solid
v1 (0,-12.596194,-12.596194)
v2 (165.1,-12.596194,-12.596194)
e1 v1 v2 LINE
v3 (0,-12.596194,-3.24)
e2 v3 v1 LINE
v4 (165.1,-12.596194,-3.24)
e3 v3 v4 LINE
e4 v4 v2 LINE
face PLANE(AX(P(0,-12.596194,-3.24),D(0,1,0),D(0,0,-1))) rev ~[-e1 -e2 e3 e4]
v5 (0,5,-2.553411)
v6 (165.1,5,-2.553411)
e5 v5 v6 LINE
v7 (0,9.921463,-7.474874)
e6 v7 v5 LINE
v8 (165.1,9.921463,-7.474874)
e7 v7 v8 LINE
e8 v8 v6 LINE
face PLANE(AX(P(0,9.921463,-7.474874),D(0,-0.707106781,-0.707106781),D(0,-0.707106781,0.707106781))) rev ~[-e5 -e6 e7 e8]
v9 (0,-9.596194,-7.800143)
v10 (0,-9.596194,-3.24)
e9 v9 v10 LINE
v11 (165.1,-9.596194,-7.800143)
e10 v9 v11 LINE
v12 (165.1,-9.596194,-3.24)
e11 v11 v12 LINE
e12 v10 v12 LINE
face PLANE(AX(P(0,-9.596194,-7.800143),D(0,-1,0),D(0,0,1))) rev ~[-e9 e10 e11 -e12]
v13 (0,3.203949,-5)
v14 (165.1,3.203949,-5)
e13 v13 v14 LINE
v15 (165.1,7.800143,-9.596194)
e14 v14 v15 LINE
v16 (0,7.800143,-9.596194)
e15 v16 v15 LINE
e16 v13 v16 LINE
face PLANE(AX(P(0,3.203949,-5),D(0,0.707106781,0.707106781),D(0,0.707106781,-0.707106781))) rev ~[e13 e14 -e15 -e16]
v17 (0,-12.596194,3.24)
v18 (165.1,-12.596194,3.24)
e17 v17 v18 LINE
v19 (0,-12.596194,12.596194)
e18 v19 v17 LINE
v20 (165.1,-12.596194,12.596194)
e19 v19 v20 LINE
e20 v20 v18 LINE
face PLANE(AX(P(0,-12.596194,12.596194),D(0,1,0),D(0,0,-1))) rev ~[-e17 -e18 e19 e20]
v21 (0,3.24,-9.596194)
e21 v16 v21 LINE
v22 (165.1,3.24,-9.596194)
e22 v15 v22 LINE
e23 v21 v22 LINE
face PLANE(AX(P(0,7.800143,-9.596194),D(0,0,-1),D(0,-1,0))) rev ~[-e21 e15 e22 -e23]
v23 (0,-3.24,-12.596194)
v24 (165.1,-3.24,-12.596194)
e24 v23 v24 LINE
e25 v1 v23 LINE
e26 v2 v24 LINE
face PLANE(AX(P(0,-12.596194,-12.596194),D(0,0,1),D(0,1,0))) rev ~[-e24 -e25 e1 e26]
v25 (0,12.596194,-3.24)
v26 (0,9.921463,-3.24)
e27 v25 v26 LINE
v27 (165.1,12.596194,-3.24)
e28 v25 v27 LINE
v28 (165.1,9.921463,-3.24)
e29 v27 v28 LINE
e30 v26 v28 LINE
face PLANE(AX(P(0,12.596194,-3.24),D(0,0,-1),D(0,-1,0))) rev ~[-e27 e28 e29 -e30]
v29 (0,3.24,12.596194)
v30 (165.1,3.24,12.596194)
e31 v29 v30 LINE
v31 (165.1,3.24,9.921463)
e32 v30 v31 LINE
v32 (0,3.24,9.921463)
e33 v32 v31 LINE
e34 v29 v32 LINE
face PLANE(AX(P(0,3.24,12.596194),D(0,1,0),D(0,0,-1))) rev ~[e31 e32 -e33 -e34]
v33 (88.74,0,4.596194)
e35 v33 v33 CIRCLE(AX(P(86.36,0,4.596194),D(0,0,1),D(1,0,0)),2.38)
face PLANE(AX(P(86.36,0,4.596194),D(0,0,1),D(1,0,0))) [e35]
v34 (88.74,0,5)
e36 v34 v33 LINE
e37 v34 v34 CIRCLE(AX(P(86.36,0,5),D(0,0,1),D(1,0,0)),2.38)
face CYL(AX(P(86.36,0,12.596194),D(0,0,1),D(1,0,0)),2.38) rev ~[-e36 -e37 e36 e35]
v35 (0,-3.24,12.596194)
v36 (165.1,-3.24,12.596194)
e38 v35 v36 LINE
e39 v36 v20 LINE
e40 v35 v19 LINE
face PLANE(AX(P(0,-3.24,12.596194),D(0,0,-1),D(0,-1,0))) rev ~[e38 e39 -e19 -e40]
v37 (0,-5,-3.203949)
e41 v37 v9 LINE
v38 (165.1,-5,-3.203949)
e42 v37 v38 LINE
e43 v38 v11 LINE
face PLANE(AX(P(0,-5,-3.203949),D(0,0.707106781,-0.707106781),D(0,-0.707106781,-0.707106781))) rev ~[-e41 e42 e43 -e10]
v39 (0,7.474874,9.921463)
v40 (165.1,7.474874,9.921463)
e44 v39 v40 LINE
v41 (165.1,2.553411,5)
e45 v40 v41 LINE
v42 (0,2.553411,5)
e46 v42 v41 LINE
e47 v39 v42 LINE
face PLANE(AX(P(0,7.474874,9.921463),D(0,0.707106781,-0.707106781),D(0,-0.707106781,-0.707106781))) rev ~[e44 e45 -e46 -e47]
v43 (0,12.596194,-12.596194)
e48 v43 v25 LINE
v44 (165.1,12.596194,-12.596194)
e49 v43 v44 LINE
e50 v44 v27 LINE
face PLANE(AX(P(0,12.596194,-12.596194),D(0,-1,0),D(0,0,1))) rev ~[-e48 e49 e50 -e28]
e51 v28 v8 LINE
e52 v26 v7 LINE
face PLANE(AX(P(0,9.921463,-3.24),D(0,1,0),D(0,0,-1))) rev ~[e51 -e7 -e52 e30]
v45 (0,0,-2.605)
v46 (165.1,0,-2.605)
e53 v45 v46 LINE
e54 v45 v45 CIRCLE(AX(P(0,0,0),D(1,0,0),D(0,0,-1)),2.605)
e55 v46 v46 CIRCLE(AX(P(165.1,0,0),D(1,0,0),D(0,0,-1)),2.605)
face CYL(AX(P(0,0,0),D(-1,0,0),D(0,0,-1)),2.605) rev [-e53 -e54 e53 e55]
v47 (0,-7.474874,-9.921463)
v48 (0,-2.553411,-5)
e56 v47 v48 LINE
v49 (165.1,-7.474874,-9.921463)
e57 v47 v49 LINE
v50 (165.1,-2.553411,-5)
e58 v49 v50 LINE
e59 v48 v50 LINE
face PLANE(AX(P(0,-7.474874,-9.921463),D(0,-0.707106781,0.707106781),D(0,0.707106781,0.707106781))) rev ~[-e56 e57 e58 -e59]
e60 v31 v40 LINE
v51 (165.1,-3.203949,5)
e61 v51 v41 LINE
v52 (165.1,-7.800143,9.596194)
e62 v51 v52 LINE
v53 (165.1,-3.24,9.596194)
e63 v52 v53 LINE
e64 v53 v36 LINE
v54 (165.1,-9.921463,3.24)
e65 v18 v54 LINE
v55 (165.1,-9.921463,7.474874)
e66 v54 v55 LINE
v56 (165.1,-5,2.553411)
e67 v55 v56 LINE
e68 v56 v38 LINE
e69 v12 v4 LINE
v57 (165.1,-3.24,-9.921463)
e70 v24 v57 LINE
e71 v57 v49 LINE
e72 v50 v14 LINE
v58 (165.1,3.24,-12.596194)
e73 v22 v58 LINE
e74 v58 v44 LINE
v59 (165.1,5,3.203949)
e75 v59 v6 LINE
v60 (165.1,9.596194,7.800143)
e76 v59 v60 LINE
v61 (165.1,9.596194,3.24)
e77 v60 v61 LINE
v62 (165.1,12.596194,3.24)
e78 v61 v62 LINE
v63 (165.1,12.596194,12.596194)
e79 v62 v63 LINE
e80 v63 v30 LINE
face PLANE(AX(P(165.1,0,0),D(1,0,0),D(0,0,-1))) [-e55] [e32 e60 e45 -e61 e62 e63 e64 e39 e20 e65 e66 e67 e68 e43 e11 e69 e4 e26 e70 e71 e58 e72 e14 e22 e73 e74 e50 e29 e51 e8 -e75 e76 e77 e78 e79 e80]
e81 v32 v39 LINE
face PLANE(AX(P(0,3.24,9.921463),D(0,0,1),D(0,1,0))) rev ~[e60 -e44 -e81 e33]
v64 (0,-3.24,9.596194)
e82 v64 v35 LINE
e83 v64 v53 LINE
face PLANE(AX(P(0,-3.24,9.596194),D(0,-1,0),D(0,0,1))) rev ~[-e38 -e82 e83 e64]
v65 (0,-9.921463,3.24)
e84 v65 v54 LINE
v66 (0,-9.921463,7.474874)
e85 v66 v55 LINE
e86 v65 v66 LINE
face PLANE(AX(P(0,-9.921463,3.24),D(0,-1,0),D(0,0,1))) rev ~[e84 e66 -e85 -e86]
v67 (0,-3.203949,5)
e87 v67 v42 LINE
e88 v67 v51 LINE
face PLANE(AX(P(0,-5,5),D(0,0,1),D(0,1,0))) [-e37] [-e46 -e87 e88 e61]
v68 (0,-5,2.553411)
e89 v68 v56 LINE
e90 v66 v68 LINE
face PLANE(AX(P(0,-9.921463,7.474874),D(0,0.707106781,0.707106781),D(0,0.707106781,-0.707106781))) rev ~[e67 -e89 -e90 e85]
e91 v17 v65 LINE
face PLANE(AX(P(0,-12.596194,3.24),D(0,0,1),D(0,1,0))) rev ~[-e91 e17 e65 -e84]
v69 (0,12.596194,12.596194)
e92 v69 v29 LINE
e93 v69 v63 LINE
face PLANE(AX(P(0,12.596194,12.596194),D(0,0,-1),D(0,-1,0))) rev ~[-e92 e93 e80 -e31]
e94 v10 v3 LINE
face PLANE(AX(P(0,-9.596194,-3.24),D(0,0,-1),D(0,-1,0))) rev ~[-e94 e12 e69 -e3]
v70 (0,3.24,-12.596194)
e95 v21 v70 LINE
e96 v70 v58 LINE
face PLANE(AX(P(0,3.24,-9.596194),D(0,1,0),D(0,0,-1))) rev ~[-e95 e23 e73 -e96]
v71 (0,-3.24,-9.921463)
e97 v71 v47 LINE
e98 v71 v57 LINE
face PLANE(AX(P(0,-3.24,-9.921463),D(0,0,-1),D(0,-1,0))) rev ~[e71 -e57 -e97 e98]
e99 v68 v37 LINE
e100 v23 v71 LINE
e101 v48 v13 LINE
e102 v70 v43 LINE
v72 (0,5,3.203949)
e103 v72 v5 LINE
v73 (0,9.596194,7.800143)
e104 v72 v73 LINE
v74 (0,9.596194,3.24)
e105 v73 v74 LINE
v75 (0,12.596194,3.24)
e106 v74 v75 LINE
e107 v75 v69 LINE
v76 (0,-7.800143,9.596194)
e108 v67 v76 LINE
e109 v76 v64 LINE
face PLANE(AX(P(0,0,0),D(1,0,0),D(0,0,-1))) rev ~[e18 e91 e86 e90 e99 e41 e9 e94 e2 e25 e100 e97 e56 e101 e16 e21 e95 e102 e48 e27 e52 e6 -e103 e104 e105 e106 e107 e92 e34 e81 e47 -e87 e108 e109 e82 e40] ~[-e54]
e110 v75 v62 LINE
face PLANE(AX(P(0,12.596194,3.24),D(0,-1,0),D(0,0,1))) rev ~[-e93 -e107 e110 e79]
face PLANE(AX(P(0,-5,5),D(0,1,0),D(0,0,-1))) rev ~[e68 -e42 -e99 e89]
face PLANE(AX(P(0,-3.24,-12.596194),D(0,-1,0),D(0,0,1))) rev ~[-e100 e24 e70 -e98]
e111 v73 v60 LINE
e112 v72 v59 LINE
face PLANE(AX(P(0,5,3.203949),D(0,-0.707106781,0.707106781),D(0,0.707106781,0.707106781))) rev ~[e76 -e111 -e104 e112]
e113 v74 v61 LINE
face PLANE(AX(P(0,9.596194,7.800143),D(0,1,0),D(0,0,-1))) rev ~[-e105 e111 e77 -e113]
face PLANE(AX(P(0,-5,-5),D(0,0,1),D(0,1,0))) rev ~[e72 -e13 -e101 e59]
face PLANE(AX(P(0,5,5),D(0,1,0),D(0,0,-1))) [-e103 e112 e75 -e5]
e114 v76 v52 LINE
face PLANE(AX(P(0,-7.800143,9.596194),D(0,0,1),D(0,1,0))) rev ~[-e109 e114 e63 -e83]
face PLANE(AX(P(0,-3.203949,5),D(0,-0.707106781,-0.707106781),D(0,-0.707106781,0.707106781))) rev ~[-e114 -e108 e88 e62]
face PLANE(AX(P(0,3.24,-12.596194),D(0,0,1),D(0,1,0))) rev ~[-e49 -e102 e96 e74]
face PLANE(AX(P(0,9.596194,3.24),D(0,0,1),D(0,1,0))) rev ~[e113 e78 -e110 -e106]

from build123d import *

# Parameters (mm, degrees)
SKETCH1_R           = 2.605
BOSS_EXTRUDE1_DEPTH = 165.1
CIRPATTERN1_COUNT   = 4
SKETCH2_R           = 2.38
CUT_EXTRUDE6_DEPTH  = 8


with BuildPart() as part:
    # Sketch1 → Boss-Extrude1 (new body)
    with BuildSketch(Plane(origin=(0, 0, 0), x_dir=(0, 0, -1), z_dir=(1, 0, 0))):
        Polygon((5, -5), (5, 3.203948776), (9.596194078, 7.800142853), (9.596194078, 3.24), (12.596194078, 3.24), (12.596194078, 12.596194078), (3.24, 12.596194078), (3.24, 9.921463197), (7.474873734, 9.921463197), (2.553410537, 5), (-5, 5), (-5, -5), align=None)
        Circle(SKETCH1_R, mode=Mode.SUBTRACT)
    boss_extrude1 = extrude(amount=BOSS_EXTRUDE1_DEPTH)

    # CirPattern1: Boss-Extrude1 ×4 about axis
    cirpattern1_axis = Axis((0, 0, 0), (1, 0, 0))
    for i in range(1, CIRPATTERN1_COUNT):
        add(boss_extrude1.rotate(cirpattern1_axis, i * 360 / CIRPATTERN1_COUNT))

    # Sketch2 → Cut-Extrude6 (cut)
    with BuildSketch(Plane.XY.offset(12.596194078)):
        with Locations((86.36, 0)):
            Circle(SKETCH2_R)
    extrude(amount=-CUT_EXTRUDE6_DEPTH, mode=Mode.SUBTRACT)


solid = part.part
